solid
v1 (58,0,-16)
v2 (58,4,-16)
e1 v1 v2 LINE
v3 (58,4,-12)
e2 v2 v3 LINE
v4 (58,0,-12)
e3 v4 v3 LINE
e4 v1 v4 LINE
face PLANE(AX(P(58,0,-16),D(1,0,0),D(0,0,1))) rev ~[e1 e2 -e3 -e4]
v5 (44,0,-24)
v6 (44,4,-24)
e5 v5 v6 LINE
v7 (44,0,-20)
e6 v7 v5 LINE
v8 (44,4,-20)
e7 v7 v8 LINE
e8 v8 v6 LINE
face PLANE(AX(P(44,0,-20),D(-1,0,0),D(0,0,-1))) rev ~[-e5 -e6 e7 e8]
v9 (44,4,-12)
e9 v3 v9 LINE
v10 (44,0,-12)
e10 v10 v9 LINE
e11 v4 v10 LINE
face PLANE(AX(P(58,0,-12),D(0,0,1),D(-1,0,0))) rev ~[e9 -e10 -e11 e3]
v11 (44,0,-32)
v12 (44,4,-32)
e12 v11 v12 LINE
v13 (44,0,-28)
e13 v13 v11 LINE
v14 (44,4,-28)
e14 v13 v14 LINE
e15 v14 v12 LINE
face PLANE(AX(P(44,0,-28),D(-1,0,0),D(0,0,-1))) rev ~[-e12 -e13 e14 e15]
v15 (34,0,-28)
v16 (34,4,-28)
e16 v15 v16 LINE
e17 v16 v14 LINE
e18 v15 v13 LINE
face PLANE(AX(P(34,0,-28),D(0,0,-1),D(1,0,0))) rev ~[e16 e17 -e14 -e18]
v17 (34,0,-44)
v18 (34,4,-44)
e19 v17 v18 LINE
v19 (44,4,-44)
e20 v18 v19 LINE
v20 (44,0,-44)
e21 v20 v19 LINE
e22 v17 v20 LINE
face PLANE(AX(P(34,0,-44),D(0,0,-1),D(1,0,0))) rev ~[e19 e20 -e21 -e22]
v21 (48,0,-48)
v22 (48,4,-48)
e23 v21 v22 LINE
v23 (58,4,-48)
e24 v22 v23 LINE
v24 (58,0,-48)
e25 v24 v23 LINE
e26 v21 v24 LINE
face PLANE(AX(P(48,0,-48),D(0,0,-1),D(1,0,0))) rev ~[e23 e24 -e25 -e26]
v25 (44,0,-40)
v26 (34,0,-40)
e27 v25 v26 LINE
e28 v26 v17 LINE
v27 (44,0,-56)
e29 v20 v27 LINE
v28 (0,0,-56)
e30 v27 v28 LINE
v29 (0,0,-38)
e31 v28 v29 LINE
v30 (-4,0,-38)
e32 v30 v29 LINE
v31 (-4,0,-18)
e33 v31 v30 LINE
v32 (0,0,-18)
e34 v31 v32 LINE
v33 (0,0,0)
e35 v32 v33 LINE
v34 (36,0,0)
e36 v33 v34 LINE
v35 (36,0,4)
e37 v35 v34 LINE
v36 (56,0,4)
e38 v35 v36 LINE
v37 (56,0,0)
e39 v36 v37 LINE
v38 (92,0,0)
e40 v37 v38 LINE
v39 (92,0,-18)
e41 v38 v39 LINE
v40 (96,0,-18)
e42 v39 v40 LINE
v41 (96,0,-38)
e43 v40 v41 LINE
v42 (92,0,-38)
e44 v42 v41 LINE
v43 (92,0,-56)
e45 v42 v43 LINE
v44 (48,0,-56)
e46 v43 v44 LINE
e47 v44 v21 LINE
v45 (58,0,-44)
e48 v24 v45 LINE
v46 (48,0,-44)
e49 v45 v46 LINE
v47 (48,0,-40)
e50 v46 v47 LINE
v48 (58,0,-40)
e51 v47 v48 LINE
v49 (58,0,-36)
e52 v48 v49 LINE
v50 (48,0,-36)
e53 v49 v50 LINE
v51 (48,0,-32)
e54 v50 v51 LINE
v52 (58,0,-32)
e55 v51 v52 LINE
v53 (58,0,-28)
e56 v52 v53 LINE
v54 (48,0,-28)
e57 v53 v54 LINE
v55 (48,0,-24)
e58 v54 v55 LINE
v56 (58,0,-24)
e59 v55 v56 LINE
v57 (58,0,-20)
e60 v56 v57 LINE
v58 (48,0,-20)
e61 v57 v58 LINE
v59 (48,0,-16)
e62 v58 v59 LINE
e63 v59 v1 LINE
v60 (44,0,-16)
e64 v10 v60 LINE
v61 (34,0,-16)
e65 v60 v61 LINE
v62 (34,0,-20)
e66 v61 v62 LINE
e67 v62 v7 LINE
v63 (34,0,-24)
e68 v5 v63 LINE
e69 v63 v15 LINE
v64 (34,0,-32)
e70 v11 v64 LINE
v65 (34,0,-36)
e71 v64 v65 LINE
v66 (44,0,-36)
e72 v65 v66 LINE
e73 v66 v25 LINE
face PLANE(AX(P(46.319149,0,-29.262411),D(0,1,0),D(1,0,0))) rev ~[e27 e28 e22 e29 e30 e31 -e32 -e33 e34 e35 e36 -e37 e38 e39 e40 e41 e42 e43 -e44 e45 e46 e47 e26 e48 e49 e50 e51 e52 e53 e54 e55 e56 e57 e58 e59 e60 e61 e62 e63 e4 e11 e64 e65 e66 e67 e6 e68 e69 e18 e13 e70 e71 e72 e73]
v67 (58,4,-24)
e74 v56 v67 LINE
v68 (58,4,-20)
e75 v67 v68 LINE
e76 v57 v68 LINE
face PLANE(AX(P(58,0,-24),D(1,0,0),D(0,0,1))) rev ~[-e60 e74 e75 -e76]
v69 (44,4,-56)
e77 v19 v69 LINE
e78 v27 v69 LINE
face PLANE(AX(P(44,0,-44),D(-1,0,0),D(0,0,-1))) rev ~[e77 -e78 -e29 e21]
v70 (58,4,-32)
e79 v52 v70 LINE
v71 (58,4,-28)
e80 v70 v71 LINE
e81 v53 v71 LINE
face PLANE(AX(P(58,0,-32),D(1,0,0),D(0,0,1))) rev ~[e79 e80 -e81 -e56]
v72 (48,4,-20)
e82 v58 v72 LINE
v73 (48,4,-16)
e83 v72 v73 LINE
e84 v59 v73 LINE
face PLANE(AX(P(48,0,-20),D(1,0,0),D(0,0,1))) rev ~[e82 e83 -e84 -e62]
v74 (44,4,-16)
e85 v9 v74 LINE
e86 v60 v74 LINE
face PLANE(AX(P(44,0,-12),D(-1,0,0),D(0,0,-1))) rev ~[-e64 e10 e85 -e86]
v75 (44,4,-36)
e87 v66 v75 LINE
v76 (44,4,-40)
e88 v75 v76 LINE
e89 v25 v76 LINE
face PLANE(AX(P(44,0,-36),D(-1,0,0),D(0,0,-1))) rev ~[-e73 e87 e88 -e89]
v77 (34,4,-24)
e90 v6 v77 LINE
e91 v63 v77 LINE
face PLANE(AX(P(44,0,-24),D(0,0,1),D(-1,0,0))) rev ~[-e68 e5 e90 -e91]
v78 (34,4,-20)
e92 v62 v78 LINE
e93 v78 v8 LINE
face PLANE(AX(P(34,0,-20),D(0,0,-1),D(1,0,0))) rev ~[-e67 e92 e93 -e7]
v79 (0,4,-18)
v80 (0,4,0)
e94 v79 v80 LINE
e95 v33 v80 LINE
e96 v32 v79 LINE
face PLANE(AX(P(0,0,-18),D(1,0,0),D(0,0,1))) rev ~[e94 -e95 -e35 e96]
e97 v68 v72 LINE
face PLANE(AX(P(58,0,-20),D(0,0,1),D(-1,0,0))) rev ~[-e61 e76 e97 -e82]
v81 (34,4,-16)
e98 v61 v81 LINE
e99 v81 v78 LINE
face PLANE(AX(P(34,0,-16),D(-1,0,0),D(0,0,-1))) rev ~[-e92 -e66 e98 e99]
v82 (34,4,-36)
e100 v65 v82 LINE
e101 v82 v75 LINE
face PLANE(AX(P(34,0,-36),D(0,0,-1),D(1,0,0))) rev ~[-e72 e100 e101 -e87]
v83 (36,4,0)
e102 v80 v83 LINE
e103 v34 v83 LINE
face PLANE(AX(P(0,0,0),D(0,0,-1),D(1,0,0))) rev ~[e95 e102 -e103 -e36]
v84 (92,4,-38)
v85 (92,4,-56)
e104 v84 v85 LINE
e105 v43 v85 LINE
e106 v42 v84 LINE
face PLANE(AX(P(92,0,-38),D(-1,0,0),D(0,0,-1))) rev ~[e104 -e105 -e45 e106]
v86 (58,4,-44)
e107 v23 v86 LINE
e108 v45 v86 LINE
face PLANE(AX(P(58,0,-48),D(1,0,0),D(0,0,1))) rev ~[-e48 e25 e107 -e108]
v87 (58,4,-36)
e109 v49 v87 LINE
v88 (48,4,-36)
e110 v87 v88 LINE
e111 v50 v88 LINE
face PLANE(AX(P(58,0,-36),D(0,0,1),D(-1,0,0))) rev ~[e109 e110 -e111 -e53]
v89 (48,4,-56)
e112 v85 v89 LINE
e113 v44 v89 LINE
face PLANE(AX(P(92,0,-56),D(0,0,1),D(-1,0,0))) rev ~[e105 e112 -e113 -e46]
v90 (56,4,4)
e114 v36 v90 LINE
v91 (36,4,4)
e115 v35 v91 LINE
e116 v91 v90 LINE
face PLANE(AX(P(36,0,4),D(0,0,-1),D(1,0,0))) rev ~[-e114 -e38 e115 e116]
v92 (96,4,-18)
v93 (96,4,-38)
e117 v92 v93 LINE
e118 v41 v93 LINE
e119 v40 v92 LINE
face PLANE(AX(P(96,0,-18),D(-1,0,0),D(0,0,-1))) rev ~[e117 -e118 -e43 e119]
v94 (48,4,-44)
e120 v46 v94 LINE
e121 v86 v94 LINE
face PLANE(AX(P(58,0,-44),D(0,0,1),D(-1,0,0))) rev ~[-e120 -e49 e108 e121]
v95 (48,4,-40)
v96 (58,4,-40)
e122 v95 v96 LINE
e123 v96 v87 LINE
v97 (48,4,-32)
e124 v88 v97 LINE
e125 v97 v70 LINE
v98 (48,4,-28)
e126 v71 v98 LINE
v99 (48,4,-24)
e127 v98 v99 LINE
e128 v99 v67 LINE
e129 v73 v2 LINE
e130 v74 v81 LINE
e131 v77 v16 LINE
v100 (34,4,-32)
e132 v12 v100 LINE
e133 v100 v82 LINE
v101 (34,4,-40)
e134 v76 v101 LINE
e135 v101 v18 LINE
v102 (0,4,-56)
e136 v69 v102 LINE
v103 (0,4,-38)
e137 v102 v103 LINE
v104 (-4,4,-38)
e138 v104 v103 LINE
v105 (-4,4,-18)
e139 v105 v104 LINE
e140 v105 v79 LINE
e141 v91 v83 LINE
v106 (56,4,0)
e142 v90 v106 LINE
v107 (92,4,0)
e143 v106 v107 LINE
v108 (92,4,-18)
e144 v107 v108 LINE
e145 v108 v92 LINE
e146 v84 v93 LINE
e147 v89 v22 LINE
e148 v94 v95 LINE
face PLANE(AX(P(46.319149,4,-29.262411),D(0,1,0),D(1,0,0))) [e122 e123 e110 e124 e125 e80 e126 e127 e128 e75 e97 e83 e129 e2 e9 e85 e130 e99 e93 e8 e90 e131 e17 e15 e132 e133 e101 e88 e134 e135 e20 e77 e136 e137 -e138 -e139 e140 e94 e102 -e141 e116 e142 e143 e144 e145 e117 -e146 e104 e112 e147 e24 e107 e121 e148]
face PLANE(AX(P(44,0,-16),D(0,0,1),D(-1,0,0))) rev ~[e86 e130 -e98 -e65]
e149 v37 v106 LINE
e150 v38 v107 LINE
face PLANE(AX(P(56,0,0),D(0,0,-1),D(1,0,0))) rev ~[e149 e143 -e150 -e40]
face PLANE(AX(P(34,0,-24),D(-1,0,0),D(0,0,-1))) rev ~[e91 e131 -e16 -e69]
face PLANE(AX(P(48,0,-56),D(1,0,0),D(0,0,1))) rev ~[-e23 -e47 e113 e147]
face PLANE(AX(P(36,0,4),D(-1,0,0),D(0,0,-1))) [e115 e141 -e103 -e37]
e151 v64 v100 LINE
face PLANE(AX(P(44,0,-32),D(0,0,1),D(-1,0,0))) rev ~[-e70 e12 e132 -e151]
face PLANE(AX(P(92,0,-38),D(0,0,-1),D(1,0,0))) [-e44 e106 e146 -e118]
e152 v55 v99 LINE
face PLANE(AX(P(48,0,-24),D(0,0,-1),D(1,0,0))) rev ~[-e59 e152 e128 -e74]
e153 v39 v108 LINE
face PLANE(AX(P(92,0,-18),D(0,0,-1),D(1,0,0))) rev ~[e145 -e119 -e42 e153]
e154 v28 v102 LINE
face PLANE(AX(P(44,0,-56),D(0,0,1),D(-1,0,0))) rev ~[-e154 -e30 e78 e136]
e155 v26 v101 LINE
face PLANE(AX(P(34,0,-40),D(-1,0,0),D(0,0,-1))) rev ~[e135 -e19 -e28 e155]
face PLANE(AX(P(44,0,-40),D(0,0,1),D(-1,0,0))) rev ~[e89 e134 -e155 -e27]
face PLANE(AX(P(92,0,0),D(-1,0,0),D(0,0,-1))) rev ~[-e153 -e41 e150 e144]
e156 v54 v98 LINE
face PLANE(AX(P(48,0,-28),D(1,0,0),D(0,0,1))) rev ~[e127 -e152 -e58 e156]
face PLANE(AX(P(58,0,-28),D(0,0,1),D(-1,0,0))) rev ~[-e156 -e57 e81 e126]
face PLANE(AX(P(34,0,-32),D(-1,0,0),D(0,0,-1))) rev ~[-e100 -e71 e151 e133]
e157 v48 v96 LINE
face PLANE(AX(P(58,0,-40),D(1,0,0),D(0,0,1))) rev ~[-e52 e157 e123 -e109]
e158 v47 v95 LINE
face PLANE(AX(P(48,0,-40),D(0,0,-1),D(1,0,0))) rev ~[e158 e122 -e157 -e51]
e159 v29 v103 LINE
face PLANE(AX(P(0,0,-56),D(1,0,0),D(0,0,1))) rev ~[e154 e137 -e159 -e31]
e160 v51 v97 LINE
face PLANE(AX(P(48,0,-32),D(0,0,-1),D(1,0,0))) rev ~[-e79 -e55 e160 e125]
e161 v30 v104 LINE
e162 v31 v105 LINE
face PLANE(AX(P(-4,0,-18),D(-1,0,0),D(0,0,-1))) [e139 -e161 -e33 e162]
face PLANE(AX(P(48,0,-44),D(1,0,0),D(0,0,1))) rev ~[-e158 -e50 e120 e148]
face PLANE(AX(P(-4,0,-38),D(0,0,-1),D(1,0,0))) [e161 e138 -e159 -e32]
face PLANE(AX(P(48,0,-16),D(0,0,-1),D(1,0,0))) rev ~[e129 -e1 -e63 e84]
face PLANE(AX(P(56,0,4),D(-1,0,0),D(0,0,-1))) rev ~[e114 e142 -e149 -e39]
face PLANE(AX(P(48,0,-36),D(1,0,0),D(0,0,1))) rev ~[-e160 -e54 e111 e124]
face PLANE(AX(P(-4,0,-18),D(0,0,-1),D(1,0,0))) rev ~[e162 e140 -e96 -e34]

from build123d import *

# Parameters (mm, degrees)
SKETCH_1_W      = 4
SKETCH_1_H      = 20
SKETCH_1_W_2    = 20
SKETCH_1_H_2    = 4
EXTRUDE_2_DEPTH = 4


with BuildPart() as part:
    # 草图1 → 凸台-拉伸2 (new body)
    with BuildSketch(Plane(origin=(0, 0, 0), x_dir=(1, 0, 0), z_dir=(0, 1, 0))):
        Polygon((0, 18), (0, 0), (36, 0), (56, 0), (92, 0), (92, 18), (92, 38), (92, 56), (48, 56), (48, 48), (58, 48), (58, 44), (48, 44), (48, 40), (58, 40), (58, 36), (48, 36), (48, 34), (48, 32), (58, 32), (58, 28), (48, 28), (48, 24), (58, 24), (58, 20), (48, 20), (48, 16), (58, 16), (58, 12), (48, 12), (44, 12), (44, 16), (34, 16), (34, 20), (44, 20), (44, 24), (34, 24), (34, 28), (44, 28), (44, 32), (34, 32), (34, 36), (44, 36), (44, 40), (34, 40), (34, 44), (44, 44), (44, 56), (0, 56), (0, 38), align=None)
        with Locations((-2, 28)):
            Rectangle(SKETCH_1_W, SKETCH_1_H)
        with Locations((46, -2)):
            Rectangle(SKETCH_1_W_2, SKETCH_1_H_2)
        with Locations((94, 28)):
            Rectangle(SKETCH_1_W, SKETCH_1_H)
    extrude(amount=EXTRUDE_2_DEPTH)


solid = part.part
